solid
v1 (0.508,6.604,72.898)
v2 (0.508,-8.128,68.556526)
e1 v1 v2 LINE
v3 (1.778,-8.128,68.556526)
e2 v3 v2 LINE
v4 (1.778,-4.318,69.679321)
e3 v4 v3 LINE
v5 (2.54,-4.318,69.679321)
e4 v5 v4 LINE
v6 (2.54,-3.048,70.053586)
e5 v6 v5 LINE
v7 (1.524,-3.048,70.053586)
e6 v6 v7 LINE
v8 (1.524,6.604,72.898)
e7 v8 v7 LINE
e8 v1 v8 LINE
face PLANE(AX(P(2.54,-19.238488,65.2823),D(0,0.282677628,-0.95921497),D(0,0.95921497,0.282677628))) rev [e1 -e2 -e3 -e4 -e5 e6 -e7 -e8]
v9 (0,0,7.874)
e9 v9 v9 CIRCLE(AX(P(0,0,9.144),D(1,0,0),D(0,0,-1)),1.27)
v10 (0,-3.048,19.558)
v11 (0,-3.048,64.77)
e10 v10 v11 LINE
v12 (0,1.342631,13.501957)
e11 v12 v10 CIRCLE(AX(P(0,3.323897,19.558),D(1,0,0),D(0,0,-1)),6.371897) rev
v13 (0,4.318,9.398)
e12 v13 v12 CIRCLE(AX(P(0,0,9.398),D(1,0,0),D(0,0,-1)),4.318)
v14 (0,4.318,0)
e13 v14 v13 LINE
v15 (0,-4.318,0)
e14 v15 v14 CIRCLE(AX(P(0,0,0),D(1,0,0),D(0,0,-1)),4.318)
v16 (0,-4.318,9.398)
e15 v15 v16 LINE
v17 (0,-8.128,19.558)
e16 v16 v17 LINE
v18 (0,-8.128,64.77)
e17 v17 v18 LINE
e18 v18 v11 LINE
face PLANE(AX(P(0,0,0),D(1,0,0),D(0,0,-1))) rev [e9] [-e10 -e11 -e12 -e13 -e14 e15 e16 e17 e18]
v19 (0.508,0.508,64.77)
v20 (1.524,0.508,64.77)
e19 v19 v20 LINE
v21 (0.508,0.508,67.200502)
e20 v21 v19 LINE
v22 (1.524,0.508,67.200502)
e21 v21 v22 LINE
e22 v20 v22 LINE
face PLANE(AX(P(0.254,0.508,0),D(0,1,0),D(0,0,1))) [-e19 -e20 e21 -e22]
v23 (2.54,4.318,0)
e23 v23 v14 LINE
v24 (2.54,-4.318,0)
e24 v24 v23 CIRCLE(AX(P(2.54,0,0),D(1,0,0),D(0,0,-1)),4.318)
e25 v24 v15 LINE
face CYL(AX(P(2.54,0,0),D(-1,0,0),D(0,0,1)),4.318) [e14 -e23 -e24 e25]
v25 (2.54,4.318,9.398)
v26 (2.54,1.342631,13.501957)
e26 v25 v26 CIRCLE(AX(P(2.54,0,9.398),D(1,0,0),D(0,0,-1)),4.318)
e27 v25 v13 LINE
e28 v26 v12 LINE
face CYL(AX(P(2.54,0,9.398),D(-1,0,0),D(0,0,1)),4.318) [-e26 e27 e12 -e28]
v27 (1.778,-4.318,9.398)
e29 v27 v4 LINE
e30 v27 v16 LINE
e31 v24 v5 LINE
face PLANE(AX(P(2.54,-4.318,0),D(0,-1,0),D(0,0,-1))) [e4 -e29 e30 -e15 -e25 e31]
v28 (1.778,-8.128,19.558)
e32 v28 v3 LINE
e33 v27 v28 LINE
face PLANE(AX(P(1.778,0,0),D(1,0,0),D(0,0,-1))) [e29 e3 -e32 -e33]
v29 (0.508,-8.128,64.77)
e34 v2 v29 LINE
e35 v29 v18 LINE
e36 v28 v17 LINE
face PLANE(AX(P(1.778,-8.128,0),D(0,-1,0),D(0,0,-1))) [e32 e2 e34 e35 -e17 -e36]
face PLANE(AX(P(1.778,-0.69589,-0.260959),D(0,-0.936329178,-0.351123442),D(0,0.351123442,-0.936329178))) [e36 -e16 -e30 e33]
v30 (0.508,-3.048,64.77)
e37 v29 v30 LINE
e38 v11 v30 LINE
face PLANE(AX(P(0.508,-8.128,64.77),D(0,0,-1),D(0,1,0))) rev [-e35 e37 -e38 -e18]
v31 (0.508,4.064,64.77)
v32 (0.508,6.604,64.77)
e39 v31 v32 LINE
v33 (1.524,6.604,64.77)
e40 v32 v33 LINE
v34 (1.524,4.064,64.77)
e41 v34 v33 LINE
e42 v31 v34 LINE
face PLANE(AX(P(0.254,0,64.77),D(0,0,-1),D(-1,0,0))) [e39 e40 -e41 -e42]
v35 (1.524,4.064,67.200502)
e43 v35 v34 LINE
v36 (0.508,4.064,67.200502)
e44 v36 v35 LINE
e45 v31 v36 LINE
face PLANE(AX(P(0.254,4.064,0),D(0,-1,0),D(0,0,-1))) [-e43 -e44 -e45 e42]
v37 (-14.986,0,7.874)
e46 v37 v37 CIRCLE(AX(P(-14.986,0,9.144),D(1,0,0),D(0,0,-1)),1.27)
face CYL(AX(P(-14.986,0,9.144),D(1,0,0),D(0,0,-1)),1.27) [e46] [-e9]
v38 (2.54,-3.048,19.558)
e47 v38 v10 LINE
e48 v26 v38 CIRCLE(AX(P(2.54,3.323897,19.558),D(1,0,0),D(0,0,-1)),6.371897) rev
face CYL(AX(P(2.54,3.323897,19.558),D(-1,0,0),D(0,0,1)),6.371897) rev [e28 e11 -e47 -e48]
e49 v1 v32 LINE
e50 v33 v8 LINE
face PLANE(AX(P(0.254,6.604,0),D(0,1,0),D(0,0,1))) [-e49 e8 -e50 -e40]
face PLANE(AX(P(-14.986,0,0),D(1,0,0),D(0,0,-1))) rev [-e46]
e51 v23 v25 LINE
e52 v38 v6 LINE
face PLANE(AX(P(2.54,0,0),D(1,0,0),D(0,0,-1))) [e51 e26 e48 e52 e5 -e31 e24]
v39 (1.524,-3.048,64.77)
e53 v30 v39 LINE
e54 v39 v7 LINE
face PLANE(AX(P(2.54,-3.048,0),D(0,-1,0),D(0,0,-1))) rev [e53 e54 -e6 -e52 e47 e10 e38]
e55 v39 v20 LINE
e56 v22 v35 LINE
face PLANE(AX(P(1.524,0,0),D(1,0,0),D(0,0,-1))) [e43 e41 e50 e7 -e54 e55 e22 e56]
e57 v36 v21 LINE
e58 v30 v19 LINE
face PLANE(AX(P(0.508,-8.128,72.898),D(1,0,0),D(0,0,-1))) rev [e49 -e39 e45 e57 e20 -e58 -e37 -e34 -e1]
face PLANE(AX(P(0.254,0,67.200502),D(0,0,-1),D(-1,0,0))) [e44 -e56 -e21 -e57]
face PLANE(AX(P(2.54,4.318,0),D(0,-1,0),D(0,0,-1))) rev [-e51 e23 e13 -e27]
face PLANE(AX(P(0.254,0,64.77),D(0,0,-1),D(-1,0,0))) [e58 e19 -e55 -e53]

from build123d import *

# Parameters (mm, degrees)
BOSS_EXTRUDE2_DEPTH = 2.54
BOSS_EXTRUDE3_DEPTH = 1.778
BOSS_EXTRUDE4_START = 1.524
BOSS_EXTRUDE4_DEPTH = 1.27
SKETCH1_8_R         = 1.27
BOSS_EXTRUDE5_DEPTH = 14.986
SKETCH2_W           = 0.508
SKETCH2_H           = 8.128
CUT_EXTRUDE1_DEPTH  = 76.866530328


with BuildPart() as part:
    # Sketch1 → Boss-Extrude2 (new body)
    with BuildSketch(Plane(origin=(0, 0, 0), x_dir=(0, 0, -1), z_dir=(1, 0, 0))):
        with BuildLine():
            Line((0, 4.318), (-9.398, 4.318))
            ThreePointArc((-9.398, 4.318), (-11.932525974, 3.495897895), (-13.501957395, 1.342630889))
            ThreePointArc((-13.501957395, 1.342630889), (-15.817903355, -1.834857441), (-19.558, -3.048))
            Line((-19.558, -3.048), (-70.05358602, -3.048))
            Line((-70.05358602, -3.048), (-69.679321023, -4.318))
            Line((-69.679321023, -4.318), (0, -4.318))
            ThreePointArc((0, -4.318), (4.318, 0), (0, 4.318))
        make_face()
    extrude(amount=BOSS_EXTRUDE2_DEPTH)

    # Sketch1<5> → Boss-Extrude3 (add)
    with BuildSketch(Plane(origin=(0, 0, 0), x_dir=(0, 0, -1), z_dir=(1, 0, 0))):
        Polygon((-19.558, -8.128), (-9.398, -4.318), (-69.679321023, -4.318), (-68.55652603, -8.128), align=None)
    extrude(amount=BOSS_EXTRUDE3_DEPTH)

    # Sketch1<7> → Boss-Extrude4 (add)
    with BuildSketch(Plane(origin=(0, 0, 0), x_dir=(0, 0, -1), z_dir=(1, 0, 0)).offset(BOSS_EXTRUDE4_START)):
        Polygon((-70.05358602, -3.048), (-64.77, -3.048), (-64.77, 0.508), (-67.200502007, 0.508), (-67.200502007, 4.064), (-64.77, 4.064), (-64.77, 6.604), (-72.898, 6.604), align=None)
    extrude(amount=-BOSS_EXTRUDE4_DEPTH)

    # Sketch1<8> → Boss-Extrude5 (add)
    with BuildSketch(Plane(origin=(0, 0, 0), x_dir=(0, 0, -1), z_dir=(1, 0, 0))):
        with Locations((-9.144, 0)):
            Circle(SKETCH1_8_R)
    extrude(amount=-BOSS_EXTRUDE5_DEPTH)

    # Sketch2 → Cut-Extrude1 (cut, through all)
    with BuildSketch(Plane(origin=(0, 6.604, 0), x_dir=(1, 0, 0), z_dir=(0, 1, 0))):
        with Locations((0.254, -68.834)):
            Rectangle(SKETCH2_W, SKETCH2_H)
    extrude(amount=-CUT_EXTRUDE1_DEPTH, mode=Mode.SUBTRACT)


solid = part.part
